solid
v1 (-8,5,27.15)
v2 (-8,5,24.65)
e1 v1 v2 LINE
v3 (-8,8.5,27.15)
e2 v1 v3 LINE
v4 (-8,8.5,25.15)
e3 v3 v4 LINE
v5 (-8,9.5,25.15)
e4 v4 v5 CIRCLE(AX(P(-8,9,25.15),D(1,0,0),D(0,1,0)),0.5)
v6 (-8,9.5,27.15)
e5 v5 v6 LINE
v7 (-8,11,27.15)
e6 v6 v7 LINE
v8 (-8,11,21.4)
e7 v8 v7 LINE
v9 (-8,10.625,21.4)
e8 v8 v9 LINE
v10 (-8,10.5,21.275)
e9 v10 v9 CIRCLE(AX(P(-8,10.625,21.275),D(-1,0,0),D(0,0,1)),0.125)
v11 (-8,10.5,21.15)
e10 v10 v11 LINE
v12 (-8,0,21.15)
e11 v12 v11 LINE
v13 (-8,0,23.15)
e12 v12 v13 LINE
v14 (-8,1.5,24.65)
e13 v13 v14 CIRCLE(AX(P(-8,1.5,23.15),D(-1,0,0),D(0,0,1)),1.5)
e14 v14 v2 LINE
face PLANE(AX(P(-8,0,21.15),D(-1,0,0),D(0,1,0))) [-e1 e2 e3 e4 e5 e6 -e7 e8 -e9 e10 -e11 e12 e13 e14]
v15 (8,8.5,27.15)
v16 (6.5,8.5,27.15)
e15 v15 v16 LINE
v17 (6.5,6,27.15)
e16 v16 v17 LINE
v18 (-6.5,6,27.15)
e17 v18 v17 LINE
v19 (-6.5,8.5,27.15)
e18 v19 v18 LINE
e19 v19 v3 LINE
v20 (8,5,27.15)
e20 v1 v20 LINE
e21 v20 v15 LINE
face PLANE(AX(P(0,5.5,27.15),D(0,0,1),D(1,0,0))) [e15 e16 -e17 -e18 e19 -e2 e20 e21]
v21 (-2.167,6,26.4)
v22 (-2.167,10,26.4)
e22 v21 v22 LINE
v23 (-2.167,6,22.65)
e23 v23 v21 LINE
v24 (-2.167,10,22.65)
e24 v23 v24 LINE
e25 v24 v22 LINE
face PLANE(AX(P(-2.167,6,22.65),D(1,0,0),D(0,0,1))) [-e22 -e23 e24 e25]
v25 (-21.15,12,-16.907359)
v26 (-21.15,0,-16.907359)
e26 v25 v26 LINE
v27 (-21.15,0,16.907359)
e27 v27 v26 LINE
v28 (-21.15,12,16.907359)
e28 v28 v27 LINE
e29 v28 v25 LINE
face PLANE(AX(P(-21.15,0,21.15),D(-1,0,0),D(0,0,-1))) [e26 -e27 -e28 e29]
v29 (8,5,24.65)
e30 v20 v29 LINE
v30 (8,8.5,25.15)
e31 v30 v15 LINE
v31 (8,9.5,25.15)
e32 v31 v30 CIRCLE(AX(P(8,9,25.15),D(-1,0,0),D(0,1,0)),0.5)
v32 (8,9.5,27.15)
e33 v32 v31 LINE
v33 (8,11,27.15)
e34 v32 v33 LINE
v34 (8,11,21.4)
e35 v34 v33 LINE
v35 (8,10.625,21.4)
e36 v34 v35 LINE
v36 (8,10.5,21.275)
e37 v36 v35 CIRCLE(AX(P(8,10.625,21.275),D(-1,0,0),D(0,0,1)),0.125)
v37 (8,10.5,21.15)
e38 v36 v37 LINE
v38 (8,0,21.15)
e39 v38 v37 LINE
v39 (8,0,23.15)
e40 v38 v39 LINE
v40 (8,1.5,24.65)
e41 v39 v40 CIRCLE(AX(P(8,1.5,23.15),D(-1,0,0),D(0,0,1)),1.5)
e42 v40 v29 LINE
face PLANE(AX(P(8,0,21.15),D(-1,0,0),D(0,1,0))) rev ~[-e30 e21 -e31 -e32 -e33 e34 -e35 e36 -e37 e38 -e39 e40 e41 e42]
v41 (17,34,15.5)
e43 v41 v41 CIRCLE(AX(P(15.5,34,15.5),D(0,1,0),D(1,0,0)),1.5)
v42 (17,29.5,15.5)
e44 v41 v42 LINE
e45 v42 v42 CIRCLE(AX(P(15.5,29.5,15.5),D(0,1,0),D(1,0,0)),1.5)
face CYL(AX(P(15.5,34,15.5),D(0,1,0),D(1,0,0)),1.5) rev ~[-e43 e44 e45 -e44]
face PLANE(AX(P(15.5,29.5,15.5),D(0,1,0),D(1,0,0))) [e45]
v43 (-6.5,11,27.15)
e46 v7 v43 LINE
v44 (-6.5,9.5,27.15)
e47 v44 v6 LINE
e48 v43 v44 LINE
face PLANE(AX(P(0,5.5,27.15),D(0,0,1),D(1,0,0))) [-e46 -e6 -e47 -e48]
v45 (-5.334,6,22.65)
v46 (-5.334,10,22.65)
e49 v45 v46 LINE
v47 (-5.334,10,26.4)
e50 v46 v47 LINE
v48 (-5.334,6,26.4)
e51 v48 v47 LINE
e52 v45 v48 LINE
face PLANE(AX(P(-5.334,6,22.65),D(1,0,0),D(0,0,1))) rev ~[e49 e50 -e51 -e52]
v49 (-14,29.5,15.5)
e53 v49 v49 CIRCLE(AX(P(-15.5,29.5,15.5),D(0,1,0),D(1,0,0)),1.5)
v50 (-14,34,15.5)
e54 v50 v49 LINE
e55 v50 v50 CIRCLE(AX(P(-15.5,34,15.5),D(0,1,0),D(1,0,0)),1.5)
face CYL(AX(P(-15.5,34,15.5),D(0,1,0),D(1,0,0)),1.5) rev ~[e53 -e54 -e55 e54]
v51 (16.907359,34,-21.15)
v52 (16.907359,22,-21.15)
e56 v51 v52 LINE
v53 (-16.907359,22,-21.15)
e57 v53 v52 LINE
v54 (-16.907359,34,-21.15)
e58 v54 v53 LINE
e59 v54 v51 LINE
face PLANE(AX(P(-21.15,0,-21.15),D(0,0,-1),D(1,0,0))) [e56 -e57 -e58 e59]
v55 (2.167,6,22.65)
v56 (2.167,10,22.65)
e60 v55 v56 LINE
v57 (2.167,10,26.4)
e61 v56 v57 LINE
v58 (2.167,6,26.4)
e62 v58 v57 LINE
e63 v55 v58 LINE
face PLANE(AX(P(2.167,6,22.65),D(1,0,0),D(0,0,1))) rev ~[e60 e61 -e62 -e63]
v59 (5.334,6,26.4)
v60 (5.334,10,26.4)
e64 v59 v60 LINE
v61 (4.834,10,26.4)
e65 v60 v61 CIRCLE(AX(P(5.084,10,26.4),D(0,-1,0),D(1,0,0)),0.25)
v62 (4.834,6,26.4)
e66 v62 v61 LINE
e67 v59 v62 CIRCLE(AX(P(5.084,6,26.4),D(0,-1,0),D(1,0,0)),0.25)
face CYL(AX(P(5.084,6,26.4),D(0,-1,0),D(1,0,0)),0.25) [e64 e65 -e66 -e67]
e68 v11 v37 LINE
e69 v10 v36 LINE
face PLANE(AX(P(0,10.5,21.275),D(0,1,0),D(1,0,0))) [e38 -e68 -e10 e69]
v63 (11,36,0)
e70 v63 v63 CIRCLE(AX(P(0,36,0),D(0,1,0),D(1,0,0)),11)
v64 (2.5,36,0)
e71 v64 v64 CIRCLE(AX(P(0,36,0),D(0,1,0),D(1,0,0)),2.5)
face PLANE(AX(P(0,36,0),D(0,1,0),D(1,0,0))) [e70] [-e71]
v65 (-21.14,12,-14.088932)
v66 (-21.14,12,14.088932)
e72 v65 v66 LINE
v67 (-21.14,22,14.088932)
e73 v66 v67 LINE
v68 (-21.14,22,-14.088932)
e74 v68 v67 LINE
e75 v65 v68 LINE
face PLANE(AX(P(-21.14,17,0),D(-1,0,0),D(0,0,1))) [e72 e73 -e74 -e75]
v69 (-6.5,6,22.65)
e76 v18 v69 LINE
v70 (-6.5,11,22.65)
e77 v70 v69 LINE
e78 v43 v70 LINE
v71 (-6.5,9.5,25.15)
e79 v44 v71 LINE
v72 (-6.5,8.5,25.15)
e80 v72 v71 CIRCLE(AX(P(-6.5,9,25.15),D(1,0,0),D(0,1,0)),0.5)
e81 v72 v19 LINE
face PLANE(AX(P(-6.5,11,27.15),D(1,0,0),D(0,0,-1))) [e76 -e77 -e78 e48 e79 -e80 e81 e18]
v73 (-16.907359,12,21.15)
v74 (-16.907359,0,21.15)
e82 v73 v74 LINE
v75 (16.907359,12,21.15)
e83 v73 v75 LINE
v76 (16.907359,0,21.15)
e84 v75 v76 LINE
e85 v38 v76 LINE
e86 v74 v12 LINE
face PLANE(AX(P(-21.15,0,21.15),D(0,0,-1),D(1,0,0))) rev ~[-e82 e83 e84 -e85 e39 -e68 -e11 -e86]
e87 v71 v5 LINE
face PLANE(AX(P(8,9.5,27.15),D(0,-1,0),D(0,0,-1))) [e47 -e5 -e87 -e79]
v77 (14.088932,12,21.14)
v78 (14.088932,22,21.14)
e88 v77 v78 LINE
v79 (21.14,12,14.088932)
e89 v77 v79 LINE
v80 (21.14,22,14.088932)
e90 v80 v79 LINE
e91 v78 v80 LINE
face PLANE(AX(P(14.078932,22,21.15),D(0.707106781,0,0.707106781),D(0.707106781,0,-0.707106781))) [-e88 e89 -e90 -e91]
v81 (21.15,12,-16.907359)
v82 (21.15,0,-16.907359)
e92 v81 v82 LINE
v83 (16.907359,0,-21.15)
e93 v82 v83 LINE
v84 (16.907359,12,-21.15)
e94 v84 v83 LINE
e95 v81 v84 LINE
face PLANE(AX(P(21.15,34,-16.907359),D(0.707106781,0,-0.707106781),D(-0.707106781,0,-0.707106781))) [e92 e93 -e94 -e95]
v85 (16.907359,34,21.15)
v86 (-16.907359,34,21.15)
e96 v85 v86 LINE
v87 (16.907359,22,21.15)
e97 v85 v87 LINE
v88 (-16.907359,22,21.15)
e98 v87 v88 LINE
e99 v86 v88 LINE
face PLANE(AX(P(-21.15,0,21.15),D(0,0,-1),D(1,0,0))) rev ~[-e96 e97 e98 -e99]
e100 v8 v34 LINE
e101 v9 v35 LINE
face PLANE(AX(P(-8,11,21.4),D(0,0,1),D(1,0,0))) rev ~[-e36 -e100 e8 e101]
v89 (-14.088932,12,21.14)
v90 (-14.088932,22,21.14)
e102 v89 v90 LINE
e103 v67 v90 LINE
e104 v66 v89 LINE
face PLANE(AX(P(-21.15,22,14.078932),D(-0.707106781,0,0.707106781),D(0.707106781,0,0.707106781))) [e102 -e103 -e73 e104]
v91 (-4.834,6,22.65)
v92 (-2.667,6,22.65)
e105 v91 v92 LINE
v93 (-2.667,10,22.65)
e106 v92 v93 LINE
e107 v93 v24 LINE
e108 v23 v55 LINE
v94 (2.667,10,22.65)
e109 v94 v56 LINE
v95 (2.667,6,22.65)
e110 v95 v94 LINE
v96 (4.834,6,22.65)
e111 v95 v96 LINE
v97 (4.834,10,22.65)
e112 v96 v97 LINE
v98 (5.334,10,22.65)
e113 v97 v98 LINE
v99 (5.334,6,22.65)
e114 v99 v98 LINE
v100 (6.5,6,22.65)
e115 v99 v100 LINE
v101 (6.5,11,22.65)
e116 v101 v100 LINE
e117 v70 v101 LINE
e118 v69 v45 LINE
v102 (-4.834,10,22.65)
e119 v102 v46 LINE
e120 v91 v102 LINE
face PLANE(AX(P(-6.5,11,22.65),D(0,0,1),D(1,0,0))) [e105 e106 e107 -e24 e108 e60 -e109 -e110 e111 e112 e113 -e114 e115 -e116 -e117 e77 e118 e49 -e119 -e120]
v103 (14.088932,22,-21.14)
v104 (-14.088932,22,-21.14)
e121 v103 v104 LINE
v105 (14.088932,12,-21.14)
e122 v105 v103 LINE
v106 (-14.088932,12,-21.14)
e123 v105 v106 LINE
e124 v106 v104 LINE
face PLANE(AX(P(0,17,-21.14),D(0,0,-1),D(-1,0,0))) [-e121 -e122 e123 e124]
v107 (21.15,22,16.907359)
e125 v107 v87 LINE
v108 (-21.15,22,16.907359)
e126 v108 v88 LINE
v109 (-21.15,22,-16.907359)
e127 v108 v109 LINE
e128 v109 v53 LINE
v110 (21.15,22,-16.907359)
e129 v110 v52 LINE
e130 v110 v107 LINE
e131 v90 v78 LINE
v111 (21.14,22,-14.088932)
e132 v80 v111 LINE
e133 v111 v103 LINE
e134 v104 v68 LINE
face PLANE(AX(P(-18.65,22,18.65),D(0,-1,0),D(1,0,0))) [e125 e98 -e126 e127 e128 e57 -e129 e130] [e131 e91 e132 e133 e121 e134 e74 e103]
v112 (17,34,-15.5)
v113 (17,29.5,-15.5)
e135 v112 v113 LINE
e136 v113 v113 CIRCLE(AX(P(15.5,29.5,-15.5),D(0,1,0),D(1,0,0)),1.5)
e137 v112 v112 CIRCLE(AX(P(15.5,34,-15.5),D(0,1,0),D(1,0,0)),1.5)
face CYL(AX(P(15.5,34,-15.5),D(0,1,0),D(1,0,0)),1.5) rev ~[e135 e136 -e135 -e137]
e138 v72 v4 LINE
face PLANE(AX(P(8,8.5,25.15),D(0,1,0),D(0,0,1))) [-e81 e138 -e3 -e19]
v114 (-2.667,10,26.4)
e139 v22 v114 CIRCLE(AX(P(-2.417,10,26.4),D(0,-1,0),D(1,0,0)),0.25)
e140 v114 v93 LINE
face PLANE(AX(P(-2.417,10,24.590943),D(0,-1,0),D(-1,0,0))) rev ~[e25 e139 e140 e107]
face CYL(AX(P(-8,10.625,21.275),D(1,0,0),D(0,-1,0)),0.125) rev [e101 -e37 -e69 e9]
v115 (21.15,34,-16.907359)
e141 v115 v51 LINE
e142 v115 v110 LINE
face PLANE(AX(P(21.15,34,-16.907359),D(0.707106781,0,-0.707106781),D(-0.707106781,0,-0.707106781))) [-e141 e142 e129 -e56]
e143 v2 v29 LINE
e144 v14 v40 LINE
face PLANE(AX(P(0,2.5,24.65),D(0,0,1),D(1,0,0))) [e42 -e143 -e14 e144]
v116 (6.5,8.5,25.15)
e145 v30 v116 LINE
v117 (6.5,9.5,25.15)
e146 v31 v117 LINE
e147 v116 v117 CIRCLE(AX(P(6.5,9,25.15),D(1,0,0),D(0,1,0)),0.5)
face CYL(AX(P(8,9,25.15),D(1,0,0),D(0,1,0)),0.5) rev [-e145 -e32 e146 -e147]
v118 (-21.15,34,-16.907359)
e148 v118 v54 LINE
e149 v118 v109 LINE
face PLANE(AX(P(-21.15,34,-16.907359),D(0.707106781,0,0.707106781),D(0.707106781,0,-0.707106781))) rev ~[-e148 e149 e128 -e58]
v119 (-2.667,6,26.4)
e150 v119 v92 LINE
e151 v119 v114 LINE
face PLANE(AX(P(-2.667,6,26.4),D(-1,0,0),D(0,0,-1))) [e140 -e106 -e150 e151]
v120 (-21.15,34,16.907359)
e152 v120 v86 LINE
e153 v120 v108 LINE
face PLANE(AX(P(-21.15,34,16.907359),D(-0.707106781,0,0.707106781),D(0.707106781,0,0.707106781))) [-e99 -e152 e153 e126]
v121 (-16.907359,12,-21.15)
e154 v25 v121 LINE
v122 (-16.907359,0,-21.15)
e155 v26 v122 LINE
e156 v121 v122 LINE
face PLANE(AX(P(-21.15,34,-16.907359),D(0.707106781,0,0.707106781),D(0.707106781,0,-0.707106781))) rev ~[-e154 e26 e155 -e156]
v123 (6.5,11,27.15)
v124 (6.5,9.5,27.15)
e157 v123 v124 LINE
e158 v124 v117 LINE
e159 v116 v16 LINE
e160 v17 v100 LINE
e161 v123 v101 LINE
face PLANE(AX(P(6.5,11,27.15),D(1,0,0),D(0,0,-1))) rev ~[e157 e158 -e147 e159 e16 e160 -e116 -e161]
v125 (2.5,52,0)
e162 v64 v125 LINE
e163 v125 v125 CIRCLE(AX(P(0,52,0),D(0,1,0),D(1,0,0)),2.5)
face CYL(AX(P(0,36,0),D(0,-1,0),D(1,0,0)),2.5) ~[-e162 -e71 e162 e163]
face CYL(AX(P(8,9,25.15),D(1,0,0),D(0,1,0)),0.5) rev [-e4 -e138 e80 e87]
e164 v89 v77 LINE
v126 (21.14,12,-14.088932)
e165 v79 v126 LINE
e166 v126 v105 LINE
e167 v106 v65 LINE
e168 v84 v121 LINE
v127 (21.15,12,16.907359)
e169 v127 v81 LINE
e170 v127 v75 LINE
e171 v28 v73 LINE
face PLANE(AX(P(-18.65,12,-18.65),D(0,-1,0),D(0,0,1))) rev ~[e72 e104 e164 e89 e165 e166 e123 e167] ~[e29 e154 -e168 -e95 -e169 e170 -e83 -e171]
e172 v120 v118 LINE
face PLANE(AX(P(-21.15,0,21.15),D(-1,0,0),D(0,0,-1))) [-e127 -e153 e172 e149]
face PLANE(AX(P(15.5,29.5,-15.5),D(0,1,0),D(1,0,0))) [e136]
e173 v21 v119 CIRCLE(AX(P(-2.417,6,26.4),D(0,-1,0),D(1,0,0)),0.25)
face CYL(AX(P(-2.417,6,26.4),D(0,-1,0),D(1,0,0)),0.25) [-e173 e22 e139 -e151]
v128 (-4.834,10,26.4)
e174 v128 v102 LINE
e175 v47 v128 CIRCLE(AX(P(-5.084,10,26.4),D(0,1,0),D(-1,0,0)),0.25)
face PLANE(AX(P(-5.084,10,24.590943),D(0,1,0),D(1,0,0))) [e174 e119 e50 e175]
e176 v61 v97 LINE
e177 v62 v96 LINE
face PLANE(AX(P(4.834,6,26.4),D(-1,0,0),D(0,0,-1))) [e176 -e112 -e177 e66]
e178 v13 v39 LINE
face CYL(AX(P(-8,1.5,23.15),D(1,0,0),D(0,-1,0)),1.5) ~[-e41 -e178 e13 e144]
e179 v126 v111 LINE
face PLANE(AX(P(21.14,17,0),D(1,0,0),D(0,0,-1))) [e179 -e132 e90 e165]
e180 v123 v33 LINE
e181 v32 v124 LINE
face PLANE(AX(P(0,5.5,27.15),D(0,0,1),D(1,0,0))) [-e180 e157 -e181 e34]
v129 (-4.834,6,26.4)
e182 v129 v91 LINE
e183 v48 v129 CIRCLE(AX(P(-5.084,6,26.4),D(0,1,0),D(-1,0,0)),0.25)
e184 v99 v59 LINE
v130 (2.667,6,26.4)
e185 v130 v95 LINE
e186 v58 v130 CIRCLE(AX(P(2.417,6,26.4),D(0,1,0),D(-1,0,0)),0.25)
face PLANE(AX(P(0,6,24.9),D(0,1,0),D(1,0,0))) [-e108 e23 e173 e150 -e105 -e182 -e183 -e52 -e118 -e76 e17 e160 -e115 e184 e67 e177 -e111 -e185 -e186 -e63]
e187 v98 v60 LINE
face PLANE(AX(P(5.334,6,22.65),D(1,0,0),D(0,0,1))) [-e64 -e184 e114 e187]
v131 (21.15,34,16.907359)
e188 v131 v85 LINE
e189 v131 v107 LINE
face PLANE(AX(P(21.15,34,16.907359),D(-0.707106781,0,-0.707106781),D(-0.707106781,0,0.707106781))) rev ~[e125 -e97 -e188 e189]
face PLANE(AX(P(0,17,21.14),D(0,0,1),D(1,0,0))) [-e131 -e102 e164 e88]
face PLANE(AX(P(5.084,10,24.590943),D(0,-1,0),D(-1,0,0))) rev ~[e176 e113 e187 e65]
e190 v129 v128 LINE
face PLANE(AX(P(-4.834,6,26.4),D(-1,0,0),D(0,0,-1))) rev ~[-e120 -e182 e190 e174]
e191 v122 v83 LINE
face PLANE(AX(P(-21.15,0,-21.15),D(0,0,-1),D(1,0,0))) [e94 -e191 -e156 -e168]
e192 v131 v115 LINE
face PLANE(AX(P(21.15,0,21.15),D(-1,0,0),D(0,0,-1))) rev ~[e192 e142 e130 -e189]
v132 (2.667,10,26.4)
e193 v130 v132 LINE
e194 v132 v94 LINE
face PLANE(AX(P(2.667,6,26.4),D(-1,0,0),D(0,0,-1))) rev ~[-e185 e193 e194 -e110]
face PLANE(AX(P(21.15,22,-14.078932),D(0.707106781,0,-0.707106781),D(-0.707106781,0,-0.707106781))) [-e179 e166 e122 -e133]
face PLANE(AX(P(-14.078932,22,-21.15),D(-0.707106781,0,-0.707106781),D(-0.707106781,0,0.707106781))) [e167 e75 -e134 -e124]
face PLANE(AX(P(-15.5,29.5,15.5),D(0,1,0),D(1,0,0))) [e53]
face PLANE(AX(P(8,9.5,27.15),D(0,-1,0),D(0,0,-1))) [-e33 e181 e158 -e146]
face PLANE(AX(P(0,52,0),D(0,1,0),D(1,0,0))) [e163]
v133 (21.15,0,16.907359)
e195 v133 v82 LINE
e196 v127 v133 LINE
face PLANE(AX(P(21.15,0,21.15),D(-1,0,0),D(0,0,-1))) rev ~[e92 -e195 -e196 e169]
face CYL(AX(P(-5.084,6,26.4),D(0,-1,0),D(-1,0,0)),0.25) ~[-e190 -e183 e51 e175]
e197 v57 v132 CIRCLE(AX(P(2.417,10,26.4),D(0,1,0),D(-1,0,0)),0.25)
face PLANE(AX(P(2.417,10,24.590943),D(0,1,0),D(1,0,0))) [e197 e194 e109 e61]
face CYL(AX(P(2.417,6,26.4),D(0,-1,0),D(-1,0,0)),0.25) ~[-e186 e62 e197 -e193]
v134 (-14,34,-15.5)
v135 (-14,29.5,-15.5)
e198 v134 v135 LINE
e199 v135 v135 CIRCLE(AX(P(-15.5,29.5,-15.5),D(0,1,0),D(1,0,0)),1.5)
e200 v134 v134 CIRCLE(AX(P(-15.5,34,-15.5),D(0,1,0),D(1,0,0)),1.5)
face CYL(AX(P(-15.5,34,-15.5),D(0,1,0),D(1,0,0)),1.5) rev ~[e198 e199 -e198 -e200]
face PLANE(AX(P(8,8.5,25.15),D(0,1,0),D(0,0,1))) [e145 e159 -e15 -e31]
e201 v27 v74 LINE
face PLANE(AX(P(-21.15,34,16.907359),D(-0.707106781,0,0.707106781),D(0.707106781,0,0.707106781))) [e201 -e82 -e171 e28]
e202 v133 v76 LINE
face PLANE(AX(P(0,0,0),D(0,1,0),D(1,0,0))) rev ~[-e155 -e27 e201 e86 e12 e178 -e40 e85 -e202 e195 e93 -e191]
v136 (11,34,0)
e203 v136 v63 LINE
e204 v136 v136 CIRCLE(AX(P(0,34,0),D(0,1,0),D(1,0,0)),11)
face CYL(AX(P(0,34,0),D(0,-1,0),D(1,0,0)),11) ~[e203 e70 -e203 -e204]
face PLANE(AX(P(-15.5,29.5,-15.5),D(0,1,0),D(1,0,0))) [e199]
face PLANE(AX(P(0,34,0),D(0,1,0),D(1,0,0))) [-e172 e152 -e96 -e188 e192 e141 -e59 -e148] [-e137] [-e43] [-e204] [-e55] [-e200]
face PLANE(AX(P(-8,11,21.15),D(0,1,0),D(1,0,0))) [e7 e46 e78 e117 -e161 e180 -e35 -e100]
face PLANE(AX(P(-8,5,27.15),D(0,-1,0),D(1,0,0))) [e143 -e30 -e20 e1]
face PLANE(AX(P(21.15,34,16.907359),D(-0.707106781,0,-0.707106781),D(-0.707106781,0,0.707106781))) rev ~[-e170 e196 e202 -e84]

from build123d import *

# Parameters (mm, degrees)
SKETCH1_W               = 42.3
SKETCH1_H               = 42.3
BOSS_EXTRUDE1_DEPTH     = 34
SKETCH2_R               = 11
BOSS_EXTRUDE2_DEPTH     = 2
SKETCH3_R               = 2.5
BOSS_EXTRUDE3_DEPTH     = 16
CUT_EXTRUDE1_DEPTH      = 19
CUT_EXTRUDE1_DEPTH_BACK = 35
SKETCH5_W               = 33.814718626
SKETCH5_H               = 10
CUT_EXTRUDE2_DEPTH      = 0.01
CUT_EXTRUDE3_START      = -12
CUT_EXTRUDE3_DEPTH      = 10
CIRPATTERN1_COUNT       = 4
SKETCH7_R               = 1.5
CUT_EXTRUDE4_DEPTH      = 4.5
SKETCH8_W               = 16
SKETCH8_H               = 11
BOSS_EXTRUDE4_DEPTH     = 6
SKETCH9_W               = 16
SKETCH9_H               = 5
CUT_EXTRUDE5_DEPTH      = 2.5
FILLET1_R               = 1.5
SKETCH10_W              = 13
SKETCH10_H              = 4.5
CUT_EXTRUDE6_DEPTH      = 5
CUT_EXTRUDE7_DEPTH      = 30.15
BOSS_EXTRUDE5_DEPTH     = 4
SKETCH13_W              = 16
SKETCH13_H              = 0.25
CUT_EXTRUDE8_DEPTH      = 0.5
FILLET2_R               = 0.125


with BuildPart() as part:
    # Sketch1 → Boss-Extrude1 (new body)
    with BuildSketch(Plane(origin=(0, 0, 0), x_dir=(1, 0, 0), z_dir=(0, 1, 0))):
        Rectangle(SKETCH1_W, SKETCH1_H)
    extrude(amount=BOSS_EXTRUDE1_DEPTH)

    # Sketch2 → Boss-Extrude2 (add)
    with BuildSketch(Plane(origin=(0, 34, 0), x_dir=(1, 0, 0), z_dir=(0, 1, 0))):
        Circle(SKETCH2_R)
    extrude(amount=BOSS_EXTRUDE2_DEPTH)

    # Sketch3 → Boss-Extrude3 (add)
    with BuildSketch(Plane(origin=(0, 36, 0), x_dir=(1, 0, 0), z_dir=(0, 1, 0))):
        Circle(SKETCH3_R)
    extrude(amount=BOSS_EXTRUDE3_DEPTH)

    # Sketch4 → Cut-Extrude1 (cut, two sides)
    with BuildSketch(Plane(origin=(0, 34, 0), x_dir=(1, 0, 0), z_dir=(0, 1, 0))) as cut_extrude1_sk:
        Polygon((-21.15, 16.907359313), (-16.907359313, 21.15), (-21.15, 21.15), align=None)
        Polygon((21.15, 21.15), (21.15, 16.907359313), (16.907359313, 21.15), align=None)
        Polygon((21.15, -16.907359313), (16.907359313, -21.15), (21.15, -21.15), align=None)
        Polygon((-21.15, -21.15), (-21.15, -16.907359313), (-16.907359313, -21.15), align=None)
    extrude(amount=CUT_EXTRUDE1_DEPTH, mode=Mode.SUBTRACT)
    extrude(cut_extrude1_sk.sketch, amount=-CUT_EXTRUDE1_DEPTH_BACK, mode=Mode.SUBTRACT)

    # Sketch5 → Cut-Extrude2 (cut)
    with BuildSketch(Plane(origin=(21.15, 0, 0), x_dir=(0, 0, -1), z_dir=(1, 0, 0))):
        with Locations((0, 17)):
            Rectangle(SKETCH5_W, SKETCH5_H)
    cut_extrude2 = extrude(amount=-CUT_EXTRUDE2_DEPTH, mode=Mode.SUBTRACT)

    # Sketch6 → Cut-Extrude3 (cut)
    with BuildSketch(Plane(origin=(0, 34, 0), x_dir=(1, 0, 0), z_dir=(0, 1, 0)).offset(CUT_EXTRUDE3_START)):
        Polygon((21.15, 14.078932188), (14.078932188, 21.15), (21.15, 21.15), align=None)
    cut_extrude3 = extrude(amount=-CUT_EXTRUDE3_DEPTH, mode=Mode.SUBTRACT)

    # CirPattern1: Cut-Extrude2, Cut-Extrude3 ×4 about axis
    cirpattern1_axis = Axis((0, 0, 0), (0, 1, 0))
    for i in range(1, CIRPATTERN1_COUNT):
        add(cut_extrude2.rotate(cirpattern1_axis, i * 360 / CIRPATTERN1_COUNT), mode=Mode.SUBTRACT)
        add(cut_extrude3.rotate(cirpattern1_axis, i * 360 / CIRPATTERN1_COUNT), mode=Mode.SUBTRACT)

    # Sketch7 → Cut-Extrude4 (cut)
    with BuildSketch(Plane(origin=(0, 34, 0), x_dir=(1, 0, 0), z_dir=(0, 1, 0))):
        with Locations((15.5, 15.5)):
            Circle(SKETCH7_R)
        with Locations((15.5, -15.5)):
            Circle(SKETCH7_R)
        with Locations((-15.5, -15.5)):
            Circle(SKETCH7_R)
        with Locations((-15.5, 15.5)):
            Circle(SKETCH7_R)
    extrude(amount=-CUT_EXTRUDE4_DEPTH, mode=Mode.SUBTRACT)

    # Sketch8 → Boss-Extrude4 (add)
    with BuildSketch(Plane.XY.offset(21.15)):
        with Locations((0, 5.5)):
            Rectangle(SKETCH8_W, SKETCH8_H)
    extrude(amount=BOSS_EXTRUDE4_DEPTH)

    # Sketch9 → Cut-Extrude5 (cut)
    with BuildSketch(Plane.XY.offset(27.15)):
        with Locations((0, 2.5)):
            Rectangle(SKETCH9_W, SKETCH9_H)
    extrude(amount=-CUT_EXTRUDE5_DEPTH, mode=Mode.SUBTRACT)

    # Fillet1
    fillet1_edges = [part.edges().sort_by_distance(p)[0] for p in [
        (0, 0, 24.65),
    ]]
    fillet(fillet1_edges, radius=FILLET1_R)

    # Sketch10 → Cut-Extrude6 (cut)
    with BuildSketch(Plane(origin=(0, 11, 0), x_dir=(1, 0, 0), z_dir=(0, 1, 0))):
        with Locations((0, -24.9)):
            Rectangle(SKETCH10_W, SKETCH10_H)
    extrude(amount=-CUT_EXTRUDE6_DEPTH, mode=Mode.SUBTRACT)

    # Sketch11 → Cut-Extrude7 (cut, through all)
    with BuildSketch(Plane(origin=(8, 0, 0), x_dir=(0, 0, -1), z_dir=(1, 0, 0))):
        with BuildLine():
            Line((-27.15, 9.5), (-25.15, 9.5))
            ThreePointArc((-25.15, 9.5), (-24.65, 9), (-25.15, 8.5))
            Line((-25.15, 8.5), (-27.15, 8.5))
            Line((-27.15, 8.5), (-27.15, 9.5))
        make_face()
    extrude(amount=-CUT_EXTRUDE7_DEPTH, mode=Mode.SUBTRACT)

    # Sketch12 → Boss-Extrude5 (add)
    with BuildSketch(Plane(origin=(0, 6, 0), x_dir=(1, 0, 0), z_dir=(0, 1, 0))):
        with BuildLine():
            Line((-2.667, -22.65), (-2.167, -22.65))
            Line((-2.167, -22.65), (-2.167, -26.4))
            ThreePointArc((-2.167, -26.4), (-2.417, -26.65), (-2.667, -26.4))
            Line((-2.667, -26.4), (-2.667, -22.65))
        make_face()
        with BuildLine():
            Line((5.334, -22.65), (5.334, -26.4))
            ThreePointArc((5.334, -26.4), (5.084, -26.65), (4.834, -26.4))
            Line((4.834, -26.4), (4.834, -22.65))
            Line((4.834, -22.65), (5.334, -22.65))
        make_face()
        with BuildLine():
            Line((-4.834, -22.65), (-5.334, -22.65))
            Line((-5.334, -22.65), (-5.334, -26.4))
            ThreePointArc((-5.334, -26.4), (-5.084, -26.65), (-4.834, -26.4))
            Line((-4.834, -26.4), (-4.834, -22.65))
        make_face()
        with BuildLine():
            Line((2.167, -22.65), (2.167, -26.4))
            ThreePointArc((2.167, -26.4), (2.417, -26.65), (2.667, -26.4))
            Line((2.667, -26.4), (2.667, -22.65))
            Line((2.667, -22.65), (2.167, -22.65))
        make_face()
    extrude(amount=BOSS_EXTRUDE5_DEPTH)

    # Sketch13 → Cut-Extrude8 (cut)
    with BuildSketch(Plane(origin=(0, 11, 0), x_dir=(1, 0, 0), z_dir=(0, 1, 0))):
        with Locations((0, -21.275)):
            Rectangle(SKETCH13_W, SKETCH13_H)
    extrude(amount=-CUT_EXTRUDE8_DEPTH, mode=Mode.SUBTRACT)

    # Fillet2
    fillet2_edges = [part.edges().sort_by_distance(p)[0] for p in [
        (0, 10.5, 21.4),
    ]]
    fillet(fillet2_edges, radius=FILLET2_R)


solid = part.part
